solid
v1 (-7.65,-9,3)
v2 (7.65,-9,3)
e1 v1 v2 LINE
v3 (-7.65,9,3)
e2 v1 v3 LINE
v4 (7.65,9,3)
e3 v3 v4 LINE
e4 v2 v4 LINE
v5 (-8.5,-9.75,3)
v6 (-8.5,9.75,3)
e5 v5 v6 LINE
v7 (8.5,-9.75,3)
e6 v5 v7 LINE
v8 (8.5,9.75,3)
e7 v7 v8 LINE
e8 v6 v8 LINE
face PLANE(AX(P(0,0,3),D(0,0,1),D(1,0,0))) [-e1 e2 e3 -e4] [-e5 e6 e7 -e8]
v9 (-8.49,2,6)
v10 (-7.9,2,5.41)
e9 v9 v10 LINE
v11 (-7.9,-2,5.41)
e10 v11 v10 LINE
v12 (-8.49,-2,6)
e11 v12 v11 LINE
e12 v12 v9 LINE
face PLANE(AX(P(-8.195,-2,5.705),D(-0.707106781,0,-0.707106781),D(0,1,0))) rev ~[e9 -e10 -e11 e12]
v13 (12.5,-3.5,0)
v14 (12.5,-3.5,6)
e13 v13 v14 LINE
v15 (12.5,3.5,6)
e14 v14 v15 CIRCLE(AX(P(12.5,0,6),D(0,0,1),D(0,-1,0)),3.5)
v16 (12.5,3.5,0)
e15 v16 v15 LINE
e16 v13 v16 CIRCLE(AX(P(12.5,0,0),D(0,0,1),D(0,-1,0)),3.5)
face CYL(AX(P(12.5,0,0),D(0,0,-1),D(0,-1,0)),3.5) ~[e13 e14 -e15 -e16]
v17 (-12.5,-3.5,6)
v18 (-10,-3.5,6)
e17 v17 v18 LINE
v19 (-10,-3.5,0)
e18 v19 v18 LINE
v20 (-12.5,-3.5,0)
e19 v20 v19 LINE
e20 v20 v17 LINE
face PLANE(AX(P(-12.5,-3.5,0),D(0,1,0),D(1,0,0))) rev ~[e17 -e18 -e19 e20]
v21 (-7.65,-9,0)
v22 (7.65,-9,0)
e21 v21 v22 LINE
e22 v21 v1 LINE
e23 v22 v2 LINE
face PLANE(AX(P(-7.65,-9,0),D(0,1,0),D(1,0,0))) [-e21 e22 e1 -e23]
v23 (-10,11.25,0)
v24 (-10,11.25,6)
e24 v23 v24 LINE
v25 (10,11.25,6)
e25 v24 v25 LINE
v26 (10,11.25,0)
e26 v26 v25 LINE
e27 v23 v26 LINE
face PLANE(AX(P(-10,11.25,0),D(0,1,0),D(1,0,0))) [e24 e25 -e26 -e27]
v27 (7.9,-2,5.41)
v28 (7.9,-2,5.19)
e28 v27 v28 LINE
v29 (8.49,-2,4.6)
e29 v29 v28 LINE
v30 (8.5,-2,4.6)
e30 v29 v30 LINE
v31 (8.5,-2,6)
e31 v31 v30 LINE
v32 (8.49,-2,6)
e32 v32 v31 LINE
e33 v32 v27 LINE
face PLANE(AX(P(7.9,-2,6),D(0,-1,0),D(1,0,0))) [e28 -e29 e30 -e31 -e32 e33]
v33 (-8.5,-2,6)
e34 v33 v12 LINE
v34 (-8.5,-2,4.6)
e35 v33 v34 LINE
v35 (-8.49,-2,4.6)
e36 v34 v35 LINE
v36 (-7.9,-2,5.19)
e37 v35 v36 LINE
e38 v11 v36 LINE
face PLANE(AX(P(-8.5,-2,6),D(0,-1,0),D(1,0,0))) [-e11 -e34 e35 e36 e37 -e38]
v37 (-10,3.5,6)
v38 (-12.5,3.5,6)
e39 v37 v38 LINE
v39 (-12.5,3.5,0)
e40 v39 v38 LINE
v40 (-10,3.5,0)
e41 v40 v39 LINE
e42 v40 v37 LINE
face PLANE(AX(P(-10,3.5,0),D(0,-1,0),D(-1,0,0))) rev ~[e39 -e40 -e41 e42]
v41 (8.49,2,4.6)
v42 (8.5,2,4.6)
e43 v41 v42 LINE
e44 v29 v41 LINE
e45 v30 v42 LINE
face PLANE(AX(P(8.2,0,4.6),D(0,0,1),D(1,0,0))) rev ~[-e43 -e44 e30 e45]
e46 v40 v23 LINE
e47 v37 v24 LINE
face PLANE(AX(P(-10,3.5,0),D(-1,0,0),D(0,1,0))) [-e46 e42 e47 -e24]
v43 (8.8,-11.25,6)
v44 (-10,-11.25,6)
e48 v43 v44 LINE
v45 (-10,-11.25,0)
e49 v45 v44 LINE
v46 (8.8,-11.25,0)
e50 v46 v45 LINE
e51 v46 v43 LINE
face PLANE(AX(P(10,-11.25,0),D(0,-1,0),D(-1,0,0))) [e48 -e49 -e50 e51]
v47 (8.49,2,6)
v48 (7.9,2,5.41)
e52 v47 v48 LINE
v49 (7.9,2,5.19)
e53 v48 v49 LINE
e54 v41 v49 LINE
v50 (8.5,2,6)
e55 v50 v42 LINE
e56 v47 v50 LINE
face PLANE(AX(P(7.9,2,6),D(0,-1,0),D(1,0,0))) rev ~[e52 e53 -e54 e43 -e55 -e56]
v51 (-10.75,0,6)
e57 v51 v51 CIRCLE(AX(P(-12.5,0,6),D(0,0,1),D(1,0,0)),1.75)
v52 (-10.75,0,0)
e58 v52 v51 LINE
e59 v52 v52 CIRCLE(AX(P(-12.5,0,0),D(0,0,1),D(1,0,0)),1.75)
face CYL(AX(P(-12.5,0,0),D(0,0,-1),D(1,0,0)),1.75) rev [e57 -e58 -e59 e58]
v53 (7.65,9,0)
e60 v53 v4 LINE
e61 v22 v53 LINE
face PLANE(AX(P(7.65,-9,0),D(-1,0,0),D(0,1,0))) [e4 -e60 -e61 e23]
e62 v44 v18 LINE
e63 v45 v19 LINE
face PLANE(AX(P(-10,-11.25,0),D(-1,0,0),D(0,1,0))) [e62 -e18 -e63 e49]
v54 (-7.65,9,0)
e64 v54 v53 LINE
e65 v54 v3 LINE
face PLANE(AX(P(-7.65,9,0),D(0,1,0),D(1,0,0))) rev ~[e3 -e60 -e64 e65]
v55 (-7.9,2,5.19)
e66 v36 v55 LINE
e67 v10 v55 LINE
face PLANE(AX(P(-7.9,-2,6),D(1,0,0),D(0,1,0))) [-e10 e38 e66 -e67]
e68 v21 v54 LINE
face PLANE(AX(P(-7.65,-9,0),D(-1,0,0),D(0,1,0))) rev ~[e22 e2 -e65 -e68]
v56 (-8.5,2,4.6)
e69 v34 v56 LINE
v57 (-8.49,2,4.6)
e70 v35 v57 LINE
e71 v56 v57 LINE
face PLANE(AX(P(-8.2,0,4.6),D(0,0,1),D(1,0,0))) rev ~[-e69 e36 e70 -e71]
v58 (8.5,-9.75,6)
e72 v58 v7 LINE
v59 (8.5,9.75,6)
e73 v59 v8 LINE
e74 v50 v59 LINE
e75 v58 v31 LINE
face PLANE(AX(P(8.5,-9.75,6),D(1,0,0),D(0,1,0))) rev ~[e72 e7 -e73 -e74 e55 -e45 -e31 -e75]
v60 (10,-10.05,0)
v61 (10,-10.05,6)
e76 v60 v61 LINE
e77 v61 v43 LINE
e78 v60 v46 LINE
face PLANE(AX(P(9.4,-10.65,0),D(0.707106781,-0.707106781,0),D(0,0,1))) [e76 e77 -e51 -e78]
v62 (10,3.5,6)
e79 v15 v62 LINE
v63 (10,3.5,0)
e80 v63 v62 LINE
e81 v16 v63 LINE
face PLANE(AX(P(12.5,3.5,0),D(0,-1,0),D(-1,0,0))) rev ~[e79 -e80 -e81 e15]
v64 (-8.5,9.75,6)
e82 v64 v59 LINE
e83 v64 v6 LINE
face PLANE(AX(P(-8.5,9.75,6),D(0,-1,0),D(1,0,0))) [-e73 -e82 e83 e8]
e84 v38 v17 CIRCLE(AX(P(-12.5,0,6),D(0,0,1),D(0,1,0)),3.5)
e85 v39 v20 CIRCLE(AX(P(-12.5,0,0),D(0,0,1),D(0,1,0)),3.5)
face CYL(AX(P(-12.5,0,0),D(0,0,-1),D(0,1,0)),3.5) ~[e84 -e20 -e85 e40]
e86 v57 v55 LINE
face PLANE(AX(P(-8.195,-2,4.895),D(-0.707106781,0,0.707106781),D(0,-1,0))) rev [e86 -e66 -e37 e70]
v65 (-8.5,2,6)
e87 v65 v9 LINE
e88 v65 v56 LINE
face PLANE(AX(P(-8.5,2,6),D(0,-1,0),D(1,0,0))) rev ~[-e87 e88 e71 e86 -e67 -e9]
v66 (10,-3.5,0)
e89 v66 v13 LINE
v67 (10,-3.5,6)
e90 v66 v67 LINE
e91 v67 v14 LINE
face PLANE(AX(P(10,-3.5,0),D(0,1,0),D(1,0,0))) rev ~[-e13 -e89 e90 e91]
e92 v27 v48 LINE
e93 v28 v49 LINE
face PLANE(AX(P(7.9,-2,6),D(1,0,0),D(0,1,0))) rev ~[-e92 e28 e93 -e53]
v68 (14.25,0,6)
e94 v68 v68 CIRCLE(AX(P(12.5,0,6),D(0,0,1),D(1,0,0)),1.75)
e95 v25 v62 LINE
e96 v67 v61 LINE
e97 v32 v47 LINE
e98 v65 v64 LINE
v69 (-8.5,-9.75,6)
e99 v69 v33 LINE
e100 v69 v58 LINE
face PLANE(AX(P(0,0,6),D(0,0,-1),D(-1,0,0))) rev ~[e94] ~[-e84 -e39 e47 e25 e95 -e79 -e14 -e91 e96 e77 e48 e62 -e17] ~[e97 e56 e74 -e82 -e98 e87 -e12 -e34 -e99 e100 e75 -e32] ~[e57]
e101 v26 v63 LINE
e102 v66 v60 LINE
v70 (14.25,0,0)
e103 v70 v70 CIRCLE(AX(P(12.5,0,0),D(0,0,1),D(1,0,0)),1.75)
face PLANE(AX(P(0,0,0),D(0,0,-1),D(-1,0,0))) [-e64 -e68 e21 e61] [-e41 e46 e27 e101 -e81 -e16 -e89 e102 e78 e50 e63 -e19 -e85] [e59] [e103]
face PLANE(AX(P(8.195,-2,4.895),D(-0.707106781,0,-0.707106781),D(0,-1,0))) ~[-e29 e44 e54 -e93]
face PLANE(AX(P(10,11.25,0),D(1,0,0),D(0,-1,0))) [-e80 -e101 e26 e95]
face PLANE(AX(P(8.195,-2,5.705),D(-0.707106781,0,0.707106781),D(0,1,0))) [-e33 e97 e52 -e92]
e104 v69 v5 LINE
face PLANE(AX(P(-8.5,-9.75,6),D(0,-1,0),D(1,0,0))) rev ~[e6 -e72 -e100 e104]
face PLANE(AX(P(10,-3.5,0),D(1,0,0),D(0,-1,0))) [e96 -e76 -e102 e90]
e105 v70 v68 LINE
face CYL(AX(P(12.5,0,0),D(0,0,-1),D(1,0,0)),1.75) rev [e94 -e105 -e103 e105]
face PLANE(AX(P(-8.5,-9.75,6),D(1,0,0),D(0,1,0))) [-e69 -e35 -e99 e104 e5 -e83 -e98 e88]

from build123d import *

# Parameters (mm, degrees)
SKETCH_R        = 1.75
SKETCH_W        = 15.3
SKETCH_H        = 18
PAD_DEPTH       = 6
SKETCH001_W     = 17
SKETCH001_H     = 19.5
POCKET_DEPTH    = 3
SKETCH002_W     = 0.6
SKETCH002_H     = 4
PAD001_DEPTH    = 1.4
CHAMFER_SIZE    = 0.59
CHAMFER001_SIZE = 1.2


with BuildPart() as part:
    # Sketch → Pad (new body)
    with BuildSketch(Plane.XY):
        with BuildLine():
            Line((-10, 11.25), (10, 11.25))
            Line((10, 11.25), (10, 3.5))
            Line((12.5, 3.5), (10, 3.5))
            ThreePointArc((12.5, -3.5), (16, 0), (12.5, 3.5))
            Line((10, -3.5), (12.5, -3.5))
            Line((10, -3.5), (10, -11.25))
            Line((10, -11.25), (-10, -11.25))
            Line((-10, -11.25), (-10, -3.5))
            Line((-12.5, -3.5), (-10, -3.5))
            ThreePointArc((-12.5, 3.5), (-16, 0), (-12.5, -3.5))
            Line((-10, 3.5), (-12.5, 3.5))
            Line((-10, 3.5), (-10, 11.25))
        make_face()
        with Locations((-12.5, 0)):
            Circle(SKETCH_R, mode=Mode.SUBTRACT)
        with Locations((12.5, 0)):
            Circle(SKETCH_R, mode=Mode.SUBTRACT)
        Rectangle(SKETCH_W, SKETCH_H, mode=Mode.SUBTRACT)
    extrude(amount=PAD_DEPTH)

    # Sketch001 (on Face20 of Pad) → Pocket (cut)
    with BuildSketch(Plane.XY.offset(6)):
        Rectangle(SKETCH001_W, SKETCH001_H)
    extrude(amount=-POCKET_DEPTH, mode=Mode.SUBTRACT)

    # Sketch002 (on Face5 of Pocket) → Pad001 (join)
    with BuildSketch(Plane.XY.offset(6)):
        with Locations((-8.2, 0)):
            Rectangle(SKETCH002_W, SKETCH002_H)
        with Locations((8.2, 0)):
            Rectangle(SKETCH002_W, SKETCH002_H)
    extrude(amount=-PAD001_DEPTH)

    # Chamfer
    chamfer_edges = [part.edges().sort_by_distance(p)[0] for p in [
        (7.9, 0, 6),
        (7.9, 0, 4.6),
        (-7.9, 0, 6),
        (-7.9, 0, 4.6),
    ]]
    chamfer(chamfer_edges, length=CHAMFER_SIZE)

    # Chamfer001
    chamfer001_edges = [part.edges().sort_by_distance(p)[0] for p in [
        (10, -11.25, 3),
    ]]
    chamfer(chamfer001_edges, length=CHAMFER001_SIZE)


solid = part.part
